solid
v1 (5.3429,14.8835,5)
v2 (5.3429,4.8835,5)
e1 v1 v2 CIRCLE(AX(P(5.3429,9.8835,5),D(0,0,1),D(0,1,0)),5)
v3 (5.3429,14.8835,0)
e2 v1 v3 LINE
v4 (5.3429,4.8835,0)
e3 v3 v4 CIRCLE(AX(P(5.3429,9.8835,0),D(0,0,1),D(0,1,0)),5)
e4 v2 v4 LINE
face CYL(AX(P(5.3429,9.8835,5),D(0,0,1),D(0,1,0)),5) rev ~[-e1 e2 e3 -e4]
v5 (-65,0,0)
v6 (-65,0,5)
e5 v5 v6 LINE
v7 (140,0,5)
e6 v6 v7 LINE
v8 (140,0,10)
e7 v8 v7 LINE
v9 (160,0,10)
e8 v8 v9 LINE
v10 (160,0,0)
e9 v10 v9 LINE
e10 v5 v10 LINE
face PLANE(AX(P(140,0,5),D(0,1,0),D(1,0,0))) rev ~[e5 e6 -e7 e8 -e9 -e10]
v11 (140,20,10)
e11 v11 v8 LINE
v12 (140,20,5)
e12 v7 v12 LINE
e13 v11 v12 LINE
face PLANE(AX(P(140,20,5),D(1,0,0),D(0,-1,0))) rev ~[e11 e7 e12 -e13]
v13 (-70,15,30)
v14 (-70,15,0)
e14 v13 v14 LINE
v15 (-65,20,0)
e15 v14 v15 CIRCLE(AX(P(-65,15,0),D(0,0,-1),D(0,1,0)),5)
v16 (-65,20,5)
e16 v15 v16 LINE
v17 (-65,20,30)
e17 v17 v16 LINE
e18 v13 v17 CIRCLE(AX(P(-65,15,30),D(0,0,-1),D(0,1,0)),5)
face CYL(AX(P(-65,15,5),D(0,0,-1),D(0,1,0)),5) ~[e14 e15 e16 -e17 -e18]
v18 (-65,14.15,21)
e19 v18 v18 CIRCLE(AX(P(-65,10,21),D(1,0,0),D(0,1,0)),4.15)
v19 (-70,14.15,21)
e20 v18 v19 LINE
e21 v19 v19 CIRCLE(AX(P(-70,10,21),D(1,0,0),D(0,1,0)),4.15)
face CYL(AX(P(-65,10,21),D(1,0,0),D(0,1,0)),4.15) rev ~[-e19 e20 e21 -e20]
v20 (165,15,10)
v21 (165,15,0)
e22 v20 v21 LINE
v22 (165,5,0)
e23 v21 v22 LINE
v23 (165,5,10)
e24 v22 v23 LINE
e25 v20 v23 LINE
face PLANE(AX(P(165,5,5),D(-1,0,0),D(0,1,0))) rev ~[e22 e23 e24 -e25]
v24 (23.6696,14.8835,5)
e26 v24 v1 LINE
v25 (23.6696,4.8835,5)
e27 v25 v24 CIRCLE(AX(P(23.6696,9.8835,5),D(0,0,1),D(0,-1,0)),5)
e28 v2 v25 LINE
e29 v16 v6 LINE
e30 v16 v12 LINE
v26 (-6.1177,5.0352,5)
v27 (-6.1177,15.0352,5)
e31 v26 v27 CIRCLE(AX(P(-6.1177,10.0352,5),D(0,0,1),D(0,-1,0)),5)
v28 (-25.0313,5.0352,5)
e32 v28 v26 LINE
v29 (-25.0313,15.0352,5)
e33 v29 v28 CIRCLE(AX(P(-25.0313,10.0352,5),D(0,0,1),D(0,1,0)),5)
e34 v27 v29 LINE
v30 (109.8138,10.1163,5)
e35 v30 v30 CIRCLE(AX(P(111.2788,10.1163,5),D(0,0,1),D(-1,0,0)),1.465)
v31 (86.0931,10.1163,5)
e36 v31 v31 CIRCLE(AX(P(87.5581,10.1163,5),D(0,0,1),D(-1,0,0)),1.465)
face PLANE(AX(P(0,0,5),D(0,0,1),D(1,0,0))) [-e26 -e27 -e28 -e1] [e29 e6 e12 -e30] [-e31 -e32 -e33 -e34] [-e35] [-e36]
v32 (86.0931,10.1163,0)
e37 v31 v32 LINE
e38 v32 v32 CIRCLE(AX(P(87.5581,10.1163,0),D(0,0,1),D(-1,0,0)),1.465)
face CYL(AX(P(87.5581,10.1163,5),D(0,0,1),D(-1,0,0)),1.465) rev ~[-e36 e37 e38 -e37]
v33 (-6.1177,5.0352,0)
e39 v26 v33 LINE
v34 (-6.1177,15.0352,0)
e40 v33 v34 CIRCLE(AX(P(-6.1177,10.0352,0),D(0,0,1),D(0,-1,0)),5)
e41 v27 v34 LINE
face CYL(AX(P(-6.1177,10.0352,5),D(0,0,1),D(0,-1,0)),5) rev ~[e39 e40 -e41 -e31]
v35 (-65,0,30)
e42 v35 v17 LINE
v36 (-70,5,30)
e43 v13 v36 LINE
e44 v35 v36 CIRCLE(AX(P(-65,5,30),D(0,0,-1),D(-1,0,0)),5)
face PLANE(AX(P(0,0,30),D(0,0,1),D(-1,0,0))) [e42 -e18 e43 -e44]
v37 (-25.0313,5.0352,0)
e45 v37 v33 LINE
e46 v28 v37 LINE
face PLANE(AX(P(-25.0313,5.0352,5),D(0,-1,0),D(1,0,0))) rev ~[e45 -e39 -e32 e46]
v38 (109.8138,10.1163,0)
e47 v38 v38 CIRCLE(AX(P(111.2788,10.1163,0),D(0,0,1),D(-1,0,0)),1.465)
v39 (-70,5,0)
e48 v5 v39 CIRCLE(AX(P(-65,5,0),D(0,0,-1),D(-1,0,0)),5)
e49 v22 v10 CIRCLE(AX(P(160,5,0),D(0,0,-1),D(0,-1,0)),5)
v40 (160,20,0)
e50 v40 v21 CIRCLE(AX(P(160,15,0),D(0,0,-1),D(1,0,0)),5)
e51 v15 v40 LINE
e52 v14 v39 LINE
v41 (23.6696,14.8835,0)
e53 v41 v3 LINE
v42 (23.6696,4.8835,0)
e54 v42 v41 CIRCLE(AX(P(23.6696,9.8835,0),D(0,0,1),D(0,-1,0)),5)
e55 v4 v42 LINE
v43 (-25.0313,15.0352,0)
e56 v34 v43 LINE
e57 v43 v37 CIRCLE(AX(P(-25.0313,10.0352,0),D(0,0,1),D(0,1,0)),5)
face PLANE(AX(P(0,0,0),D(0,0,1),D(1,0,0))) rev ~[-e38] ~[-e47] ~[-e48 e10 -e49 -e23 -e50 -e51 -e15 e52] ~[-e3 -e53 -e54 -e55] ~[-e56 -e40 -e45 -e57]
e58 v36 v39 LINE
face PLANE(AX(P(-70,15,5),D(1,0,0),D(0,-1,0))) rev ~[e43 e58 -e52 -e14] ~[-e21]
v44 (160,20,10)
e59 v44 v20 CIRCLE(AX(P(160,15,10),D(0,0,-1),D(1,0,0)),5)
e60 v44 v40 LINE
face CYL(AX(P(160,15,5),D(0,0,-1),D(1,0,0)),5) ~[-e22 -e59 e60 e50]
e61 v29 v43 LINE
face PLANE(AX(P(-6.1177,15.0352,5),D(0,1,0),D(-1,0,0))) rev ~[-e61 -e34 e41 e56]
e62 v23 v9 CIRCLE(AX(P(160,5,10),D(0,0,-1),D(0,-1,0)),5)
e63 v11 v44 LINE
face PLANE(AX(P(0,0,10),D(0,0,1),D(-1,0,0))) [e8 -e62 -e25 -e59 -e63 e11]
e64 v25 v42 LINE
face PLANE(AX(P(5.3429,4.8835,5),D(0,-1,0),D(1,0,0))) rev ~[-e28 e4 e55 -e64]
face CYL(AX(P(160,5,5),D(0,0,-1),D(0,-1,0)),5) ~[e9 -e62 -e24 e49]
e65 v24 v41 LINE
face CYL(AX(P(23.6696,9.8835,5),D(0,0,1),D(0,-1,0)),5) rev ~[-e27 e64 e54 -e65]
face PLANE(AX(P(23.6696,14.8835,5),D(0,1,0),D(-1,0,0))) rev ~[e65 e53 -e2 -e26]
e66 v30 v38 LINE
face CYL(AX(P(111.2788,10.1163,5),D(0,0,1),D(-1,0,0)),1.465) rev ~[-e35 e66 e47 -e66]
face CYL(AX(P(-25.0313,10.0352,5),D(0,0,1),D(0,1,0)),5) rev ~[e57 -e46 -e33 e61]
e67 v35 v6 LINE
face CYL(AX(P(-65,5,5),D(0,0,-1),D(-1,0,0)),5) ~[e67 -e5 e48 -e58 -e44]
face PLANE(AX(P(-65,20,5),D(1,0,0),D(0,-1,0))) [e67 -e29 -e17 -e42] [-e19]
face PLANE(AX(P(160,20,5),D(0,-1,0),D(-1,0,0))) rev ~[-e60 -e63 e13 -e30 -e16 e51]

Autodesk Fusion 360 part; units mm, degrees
sketch "Sketch1" plane through (0, 0, 0) normal (0, 0, 1) x (1, 0, 0)
  line L0 (-70, 20) -> (165, 20)
  line L1 (165, 20) -> (165, 0)
  line L2 (165, 0) -> (-70, 0)
  line L3 (-70, 0) -> (-70, 20)
  dimension "d1" = 235
  dimension "d2" = 20
extrude "Extrude1" add sketch "Sketch1" along normal blind 5
sketch "Sketch2" plane through (0, 0, 5) normal (0, 0, 1) x (-1, 0, 0)
  line L0 (70, 0) -> (-165, 0)
  line L1 (-165, 0) -> (-165, -20)
  line L2 (-165, -20) -> (70, -20)
  line L3 (70, -20) -> (70, 0)
  circle A0 centre (-87.5581, -10.1163) radius 2.5
  circle A1 centre (-111.2788, -10.1163) radius 2.5
  line L4 (25.0313, -5.0352) -> (6.1177, -5.0352)
  arc A2 (6.1177, -5.0352) -> (6.1177, -15.0352) centre (6.1177, -10.0352) ccw
  line L5 (6.1177, -15.0352) -> (25.0313, -15.0352)
  arc A3 (25.0313, -15.0352) -> (25.0313, -5.0352) centre (25.0313, -10.0352) ccw
  line L6 (25.0313, -10.0352) -> (6.1177, -10.0352) construction
  line L7 (-5.3429, -4.8835) -> (-23.6696, -4.8835)
  arc A4 (-23.6696, -4.8835) -> (-23.6696, -14.8835) centre (-23.6696, -9.8835) ccw
  line L8 (-23.6696, -14.8835) -> (-5.3429, -14.8835)
  arc A5 (-5.3429, -14.8835) -> (-5.3429, -4.8835) centre (-5.3429, -9.8835) ccw
  line L9 (-5.3429, -9.8835) -> (-23.6696, -9.8835) construction
  point P0 (6.1177, -10.0352)
  dimension "d5" = 5
  dimension "d6" = 5
  dimension "d7" = 10
  dimension "d8" = 10
extrude "Extrude2" cut sketch "Sketch2" against normal blind 20 contours A0 | A1 | L4 A2 L5 A3 | L7 A4 L8 A5
fillet "Fillet1" radius 5 4 edges at (165, 0, 2.5) (165, 20, 2.5) (-70, 20, 2.5) (-70, 0, 2.5)
sketch "Sketch3" plane through (0, 0, 5) normal (0, 0, 1) x (-1, 0, 0)
  arc A0 (70, -5) -> (65, 0) centre (65, -5) ccw
  line L0 (65, 0) -> (-160, 0)
  arc A1 (-160, 0) -> (-165, -5) centre (-160, -5) ccw
  line L1 (-165, -5) -> (-165, -15)
  arc A2 (-165, -15) -> (-160, -20) centre (-160, -15) ccw
  line L2 (-160, -20) -> (65, -20)
  arc A3 (65, -20) -> (70, -15) centre (65, -15) ccw
  line L3 (70, -15) -> (70, -5)
  line L4 (6.1177, -5.0352) -> (25.0313, -5.0352)
  arc A4 (25.0313, -15.0352) -> (25.0313, -5.0352) centre (25.0313, -10.0352) ccw
  line L5 (25.0313, -15.0352) -> (6.1177, -15.0352)
  arc A5 (6.1177, -5.0352) -> (6.1177, -15.0352) centre (6.1177, -10.0352) ccw
  circle A6 centre (-111.2788, -10.1163) radius 2.5
  line L6 (-23.6696, -4.8835) -> (-5.3429, -4.8835)
  arc A7 (-5.3429, -14.8835) -> (-5.3429, -4.8835) centre (-5.3429, -9.8835) ccw
  line L7 (-5.3429, -14.8835) -> (-23.6696, -14.8835)
  arc A8 (-23.6696, -4.8835) -> (-23.6696, -14.8835) centre (-23.6696, -9.8835) ccw
  circle A9 centre (-87.5581, -10.1163) radius 2.5
  line L8 (-165, -20) -> (-140, -20)
  line L9 (-140, -20) -> (-140, 0)
  line L10 (-140, 0) -> (-165, 0)
  line L11 (-165, 0) -> (-165, -20)
  dimension "d13" = 25
  dimension "d14" = 20
extrude "Extrude3" add sketch "Sketch3" along normal blind 5 contours L0 A1 L1 A2 L2 L8 L9 L10 L11
sketch "Sketch4" plane through (0, 0, 5) normal (0, 0, 1) x (-1, 0, 0)
  line L0 (-140, 0) -> (-140, -20)
  line L1 (-140, -20) -> (65, -20)
  arc A0 (65, -20) -> (70, -15) centre (65, -15) ccw
  line L2 (70, -15) -> (70, -5)
  arc A1 (70, -5) -> (65, 0) centre (65, -5) ccw
  line L3 (65, 0) -> (-140, 0)
  line L4 (6.1177, -5.0352) -> (25.0313, -5.0352)
  arc A2 (25.0313, -15.0352) -> (25.0313, -5.0352) centre (25.0313, -10.0352) ccw
  line L5 (25.0313, -15.0352) -> (6.1177, -15.0352)
  arc A3 (6.1177, -5.0352) -> (6.1177, -15.0352) centre (6.1177, -10.0352) ccw
  circle A4 centre (-111.2788, -10.1163) radius 2.5
  line L6 (-23.6696, -4.8835) -> (-5.3429, -4.8835)
  arc A5 (-5.3429, -14.8835) -> (-5.3429, -4.8835) centre (-5.3429, -9.8835) ccw
  line L7 (-5.3429, -14.8835) -> (-23.6696, -14.8835)
  arc A6 (-23.6696, -4.8835) -> (-23.6696, -14.8835) centre (-23.6696, -9.8835) ccw
  circle A7 centre (-87.5581, -10.1163) radius 2.5
  line L8 (70, -20) -> (65, -20)
  line L9 (65, -20) -> (65, 0)
  line L10 (65, 0) -> (70, 0)
  line L11 (70, 0) -> (70, -20)
  dimension "d17" = 5
  dimension "d18" = 20
extrude "Extrude4" add sketch "Sketch4" along normal blind 25 contours A0 L2 A1 L9 L11
sketch "Sketch5" plane through (-65, 0, 0) normal (1, 0, 0) x (0, 1, 0)
  line L0 (0, 5) -> (20, 5)
  line L1 (20, 5) -> (20, 30)
  line L2 (20, 30) -> (0, 30)
  line L3 (0, 30) -> (0, 5)
  circle A0 centre (10, 21) radius 4.15
  dimension "d21" = 8.3
  dimension "d22" = 16
extrude "Extrude5" cut sketch "Sketch5" against normal blind 6 contours A0
thread "Thread1" "ISO Metric profile 3.5 M3.5x0.6 6H" major diameter 3.5995 minor diameter 2.93 pitch 0.6 angle 60 resizes the face on face at (85.0705, 10.3652, 3.3333)
thread "Thread2" "ISO Metric profile 3.5 M3.5x0.6 6H" major diameter 3.5995 minor diameter 2.93 pitch 0.6 angle 60 resizes the face on face at (108.7912, 10.3652, 3.3333)
